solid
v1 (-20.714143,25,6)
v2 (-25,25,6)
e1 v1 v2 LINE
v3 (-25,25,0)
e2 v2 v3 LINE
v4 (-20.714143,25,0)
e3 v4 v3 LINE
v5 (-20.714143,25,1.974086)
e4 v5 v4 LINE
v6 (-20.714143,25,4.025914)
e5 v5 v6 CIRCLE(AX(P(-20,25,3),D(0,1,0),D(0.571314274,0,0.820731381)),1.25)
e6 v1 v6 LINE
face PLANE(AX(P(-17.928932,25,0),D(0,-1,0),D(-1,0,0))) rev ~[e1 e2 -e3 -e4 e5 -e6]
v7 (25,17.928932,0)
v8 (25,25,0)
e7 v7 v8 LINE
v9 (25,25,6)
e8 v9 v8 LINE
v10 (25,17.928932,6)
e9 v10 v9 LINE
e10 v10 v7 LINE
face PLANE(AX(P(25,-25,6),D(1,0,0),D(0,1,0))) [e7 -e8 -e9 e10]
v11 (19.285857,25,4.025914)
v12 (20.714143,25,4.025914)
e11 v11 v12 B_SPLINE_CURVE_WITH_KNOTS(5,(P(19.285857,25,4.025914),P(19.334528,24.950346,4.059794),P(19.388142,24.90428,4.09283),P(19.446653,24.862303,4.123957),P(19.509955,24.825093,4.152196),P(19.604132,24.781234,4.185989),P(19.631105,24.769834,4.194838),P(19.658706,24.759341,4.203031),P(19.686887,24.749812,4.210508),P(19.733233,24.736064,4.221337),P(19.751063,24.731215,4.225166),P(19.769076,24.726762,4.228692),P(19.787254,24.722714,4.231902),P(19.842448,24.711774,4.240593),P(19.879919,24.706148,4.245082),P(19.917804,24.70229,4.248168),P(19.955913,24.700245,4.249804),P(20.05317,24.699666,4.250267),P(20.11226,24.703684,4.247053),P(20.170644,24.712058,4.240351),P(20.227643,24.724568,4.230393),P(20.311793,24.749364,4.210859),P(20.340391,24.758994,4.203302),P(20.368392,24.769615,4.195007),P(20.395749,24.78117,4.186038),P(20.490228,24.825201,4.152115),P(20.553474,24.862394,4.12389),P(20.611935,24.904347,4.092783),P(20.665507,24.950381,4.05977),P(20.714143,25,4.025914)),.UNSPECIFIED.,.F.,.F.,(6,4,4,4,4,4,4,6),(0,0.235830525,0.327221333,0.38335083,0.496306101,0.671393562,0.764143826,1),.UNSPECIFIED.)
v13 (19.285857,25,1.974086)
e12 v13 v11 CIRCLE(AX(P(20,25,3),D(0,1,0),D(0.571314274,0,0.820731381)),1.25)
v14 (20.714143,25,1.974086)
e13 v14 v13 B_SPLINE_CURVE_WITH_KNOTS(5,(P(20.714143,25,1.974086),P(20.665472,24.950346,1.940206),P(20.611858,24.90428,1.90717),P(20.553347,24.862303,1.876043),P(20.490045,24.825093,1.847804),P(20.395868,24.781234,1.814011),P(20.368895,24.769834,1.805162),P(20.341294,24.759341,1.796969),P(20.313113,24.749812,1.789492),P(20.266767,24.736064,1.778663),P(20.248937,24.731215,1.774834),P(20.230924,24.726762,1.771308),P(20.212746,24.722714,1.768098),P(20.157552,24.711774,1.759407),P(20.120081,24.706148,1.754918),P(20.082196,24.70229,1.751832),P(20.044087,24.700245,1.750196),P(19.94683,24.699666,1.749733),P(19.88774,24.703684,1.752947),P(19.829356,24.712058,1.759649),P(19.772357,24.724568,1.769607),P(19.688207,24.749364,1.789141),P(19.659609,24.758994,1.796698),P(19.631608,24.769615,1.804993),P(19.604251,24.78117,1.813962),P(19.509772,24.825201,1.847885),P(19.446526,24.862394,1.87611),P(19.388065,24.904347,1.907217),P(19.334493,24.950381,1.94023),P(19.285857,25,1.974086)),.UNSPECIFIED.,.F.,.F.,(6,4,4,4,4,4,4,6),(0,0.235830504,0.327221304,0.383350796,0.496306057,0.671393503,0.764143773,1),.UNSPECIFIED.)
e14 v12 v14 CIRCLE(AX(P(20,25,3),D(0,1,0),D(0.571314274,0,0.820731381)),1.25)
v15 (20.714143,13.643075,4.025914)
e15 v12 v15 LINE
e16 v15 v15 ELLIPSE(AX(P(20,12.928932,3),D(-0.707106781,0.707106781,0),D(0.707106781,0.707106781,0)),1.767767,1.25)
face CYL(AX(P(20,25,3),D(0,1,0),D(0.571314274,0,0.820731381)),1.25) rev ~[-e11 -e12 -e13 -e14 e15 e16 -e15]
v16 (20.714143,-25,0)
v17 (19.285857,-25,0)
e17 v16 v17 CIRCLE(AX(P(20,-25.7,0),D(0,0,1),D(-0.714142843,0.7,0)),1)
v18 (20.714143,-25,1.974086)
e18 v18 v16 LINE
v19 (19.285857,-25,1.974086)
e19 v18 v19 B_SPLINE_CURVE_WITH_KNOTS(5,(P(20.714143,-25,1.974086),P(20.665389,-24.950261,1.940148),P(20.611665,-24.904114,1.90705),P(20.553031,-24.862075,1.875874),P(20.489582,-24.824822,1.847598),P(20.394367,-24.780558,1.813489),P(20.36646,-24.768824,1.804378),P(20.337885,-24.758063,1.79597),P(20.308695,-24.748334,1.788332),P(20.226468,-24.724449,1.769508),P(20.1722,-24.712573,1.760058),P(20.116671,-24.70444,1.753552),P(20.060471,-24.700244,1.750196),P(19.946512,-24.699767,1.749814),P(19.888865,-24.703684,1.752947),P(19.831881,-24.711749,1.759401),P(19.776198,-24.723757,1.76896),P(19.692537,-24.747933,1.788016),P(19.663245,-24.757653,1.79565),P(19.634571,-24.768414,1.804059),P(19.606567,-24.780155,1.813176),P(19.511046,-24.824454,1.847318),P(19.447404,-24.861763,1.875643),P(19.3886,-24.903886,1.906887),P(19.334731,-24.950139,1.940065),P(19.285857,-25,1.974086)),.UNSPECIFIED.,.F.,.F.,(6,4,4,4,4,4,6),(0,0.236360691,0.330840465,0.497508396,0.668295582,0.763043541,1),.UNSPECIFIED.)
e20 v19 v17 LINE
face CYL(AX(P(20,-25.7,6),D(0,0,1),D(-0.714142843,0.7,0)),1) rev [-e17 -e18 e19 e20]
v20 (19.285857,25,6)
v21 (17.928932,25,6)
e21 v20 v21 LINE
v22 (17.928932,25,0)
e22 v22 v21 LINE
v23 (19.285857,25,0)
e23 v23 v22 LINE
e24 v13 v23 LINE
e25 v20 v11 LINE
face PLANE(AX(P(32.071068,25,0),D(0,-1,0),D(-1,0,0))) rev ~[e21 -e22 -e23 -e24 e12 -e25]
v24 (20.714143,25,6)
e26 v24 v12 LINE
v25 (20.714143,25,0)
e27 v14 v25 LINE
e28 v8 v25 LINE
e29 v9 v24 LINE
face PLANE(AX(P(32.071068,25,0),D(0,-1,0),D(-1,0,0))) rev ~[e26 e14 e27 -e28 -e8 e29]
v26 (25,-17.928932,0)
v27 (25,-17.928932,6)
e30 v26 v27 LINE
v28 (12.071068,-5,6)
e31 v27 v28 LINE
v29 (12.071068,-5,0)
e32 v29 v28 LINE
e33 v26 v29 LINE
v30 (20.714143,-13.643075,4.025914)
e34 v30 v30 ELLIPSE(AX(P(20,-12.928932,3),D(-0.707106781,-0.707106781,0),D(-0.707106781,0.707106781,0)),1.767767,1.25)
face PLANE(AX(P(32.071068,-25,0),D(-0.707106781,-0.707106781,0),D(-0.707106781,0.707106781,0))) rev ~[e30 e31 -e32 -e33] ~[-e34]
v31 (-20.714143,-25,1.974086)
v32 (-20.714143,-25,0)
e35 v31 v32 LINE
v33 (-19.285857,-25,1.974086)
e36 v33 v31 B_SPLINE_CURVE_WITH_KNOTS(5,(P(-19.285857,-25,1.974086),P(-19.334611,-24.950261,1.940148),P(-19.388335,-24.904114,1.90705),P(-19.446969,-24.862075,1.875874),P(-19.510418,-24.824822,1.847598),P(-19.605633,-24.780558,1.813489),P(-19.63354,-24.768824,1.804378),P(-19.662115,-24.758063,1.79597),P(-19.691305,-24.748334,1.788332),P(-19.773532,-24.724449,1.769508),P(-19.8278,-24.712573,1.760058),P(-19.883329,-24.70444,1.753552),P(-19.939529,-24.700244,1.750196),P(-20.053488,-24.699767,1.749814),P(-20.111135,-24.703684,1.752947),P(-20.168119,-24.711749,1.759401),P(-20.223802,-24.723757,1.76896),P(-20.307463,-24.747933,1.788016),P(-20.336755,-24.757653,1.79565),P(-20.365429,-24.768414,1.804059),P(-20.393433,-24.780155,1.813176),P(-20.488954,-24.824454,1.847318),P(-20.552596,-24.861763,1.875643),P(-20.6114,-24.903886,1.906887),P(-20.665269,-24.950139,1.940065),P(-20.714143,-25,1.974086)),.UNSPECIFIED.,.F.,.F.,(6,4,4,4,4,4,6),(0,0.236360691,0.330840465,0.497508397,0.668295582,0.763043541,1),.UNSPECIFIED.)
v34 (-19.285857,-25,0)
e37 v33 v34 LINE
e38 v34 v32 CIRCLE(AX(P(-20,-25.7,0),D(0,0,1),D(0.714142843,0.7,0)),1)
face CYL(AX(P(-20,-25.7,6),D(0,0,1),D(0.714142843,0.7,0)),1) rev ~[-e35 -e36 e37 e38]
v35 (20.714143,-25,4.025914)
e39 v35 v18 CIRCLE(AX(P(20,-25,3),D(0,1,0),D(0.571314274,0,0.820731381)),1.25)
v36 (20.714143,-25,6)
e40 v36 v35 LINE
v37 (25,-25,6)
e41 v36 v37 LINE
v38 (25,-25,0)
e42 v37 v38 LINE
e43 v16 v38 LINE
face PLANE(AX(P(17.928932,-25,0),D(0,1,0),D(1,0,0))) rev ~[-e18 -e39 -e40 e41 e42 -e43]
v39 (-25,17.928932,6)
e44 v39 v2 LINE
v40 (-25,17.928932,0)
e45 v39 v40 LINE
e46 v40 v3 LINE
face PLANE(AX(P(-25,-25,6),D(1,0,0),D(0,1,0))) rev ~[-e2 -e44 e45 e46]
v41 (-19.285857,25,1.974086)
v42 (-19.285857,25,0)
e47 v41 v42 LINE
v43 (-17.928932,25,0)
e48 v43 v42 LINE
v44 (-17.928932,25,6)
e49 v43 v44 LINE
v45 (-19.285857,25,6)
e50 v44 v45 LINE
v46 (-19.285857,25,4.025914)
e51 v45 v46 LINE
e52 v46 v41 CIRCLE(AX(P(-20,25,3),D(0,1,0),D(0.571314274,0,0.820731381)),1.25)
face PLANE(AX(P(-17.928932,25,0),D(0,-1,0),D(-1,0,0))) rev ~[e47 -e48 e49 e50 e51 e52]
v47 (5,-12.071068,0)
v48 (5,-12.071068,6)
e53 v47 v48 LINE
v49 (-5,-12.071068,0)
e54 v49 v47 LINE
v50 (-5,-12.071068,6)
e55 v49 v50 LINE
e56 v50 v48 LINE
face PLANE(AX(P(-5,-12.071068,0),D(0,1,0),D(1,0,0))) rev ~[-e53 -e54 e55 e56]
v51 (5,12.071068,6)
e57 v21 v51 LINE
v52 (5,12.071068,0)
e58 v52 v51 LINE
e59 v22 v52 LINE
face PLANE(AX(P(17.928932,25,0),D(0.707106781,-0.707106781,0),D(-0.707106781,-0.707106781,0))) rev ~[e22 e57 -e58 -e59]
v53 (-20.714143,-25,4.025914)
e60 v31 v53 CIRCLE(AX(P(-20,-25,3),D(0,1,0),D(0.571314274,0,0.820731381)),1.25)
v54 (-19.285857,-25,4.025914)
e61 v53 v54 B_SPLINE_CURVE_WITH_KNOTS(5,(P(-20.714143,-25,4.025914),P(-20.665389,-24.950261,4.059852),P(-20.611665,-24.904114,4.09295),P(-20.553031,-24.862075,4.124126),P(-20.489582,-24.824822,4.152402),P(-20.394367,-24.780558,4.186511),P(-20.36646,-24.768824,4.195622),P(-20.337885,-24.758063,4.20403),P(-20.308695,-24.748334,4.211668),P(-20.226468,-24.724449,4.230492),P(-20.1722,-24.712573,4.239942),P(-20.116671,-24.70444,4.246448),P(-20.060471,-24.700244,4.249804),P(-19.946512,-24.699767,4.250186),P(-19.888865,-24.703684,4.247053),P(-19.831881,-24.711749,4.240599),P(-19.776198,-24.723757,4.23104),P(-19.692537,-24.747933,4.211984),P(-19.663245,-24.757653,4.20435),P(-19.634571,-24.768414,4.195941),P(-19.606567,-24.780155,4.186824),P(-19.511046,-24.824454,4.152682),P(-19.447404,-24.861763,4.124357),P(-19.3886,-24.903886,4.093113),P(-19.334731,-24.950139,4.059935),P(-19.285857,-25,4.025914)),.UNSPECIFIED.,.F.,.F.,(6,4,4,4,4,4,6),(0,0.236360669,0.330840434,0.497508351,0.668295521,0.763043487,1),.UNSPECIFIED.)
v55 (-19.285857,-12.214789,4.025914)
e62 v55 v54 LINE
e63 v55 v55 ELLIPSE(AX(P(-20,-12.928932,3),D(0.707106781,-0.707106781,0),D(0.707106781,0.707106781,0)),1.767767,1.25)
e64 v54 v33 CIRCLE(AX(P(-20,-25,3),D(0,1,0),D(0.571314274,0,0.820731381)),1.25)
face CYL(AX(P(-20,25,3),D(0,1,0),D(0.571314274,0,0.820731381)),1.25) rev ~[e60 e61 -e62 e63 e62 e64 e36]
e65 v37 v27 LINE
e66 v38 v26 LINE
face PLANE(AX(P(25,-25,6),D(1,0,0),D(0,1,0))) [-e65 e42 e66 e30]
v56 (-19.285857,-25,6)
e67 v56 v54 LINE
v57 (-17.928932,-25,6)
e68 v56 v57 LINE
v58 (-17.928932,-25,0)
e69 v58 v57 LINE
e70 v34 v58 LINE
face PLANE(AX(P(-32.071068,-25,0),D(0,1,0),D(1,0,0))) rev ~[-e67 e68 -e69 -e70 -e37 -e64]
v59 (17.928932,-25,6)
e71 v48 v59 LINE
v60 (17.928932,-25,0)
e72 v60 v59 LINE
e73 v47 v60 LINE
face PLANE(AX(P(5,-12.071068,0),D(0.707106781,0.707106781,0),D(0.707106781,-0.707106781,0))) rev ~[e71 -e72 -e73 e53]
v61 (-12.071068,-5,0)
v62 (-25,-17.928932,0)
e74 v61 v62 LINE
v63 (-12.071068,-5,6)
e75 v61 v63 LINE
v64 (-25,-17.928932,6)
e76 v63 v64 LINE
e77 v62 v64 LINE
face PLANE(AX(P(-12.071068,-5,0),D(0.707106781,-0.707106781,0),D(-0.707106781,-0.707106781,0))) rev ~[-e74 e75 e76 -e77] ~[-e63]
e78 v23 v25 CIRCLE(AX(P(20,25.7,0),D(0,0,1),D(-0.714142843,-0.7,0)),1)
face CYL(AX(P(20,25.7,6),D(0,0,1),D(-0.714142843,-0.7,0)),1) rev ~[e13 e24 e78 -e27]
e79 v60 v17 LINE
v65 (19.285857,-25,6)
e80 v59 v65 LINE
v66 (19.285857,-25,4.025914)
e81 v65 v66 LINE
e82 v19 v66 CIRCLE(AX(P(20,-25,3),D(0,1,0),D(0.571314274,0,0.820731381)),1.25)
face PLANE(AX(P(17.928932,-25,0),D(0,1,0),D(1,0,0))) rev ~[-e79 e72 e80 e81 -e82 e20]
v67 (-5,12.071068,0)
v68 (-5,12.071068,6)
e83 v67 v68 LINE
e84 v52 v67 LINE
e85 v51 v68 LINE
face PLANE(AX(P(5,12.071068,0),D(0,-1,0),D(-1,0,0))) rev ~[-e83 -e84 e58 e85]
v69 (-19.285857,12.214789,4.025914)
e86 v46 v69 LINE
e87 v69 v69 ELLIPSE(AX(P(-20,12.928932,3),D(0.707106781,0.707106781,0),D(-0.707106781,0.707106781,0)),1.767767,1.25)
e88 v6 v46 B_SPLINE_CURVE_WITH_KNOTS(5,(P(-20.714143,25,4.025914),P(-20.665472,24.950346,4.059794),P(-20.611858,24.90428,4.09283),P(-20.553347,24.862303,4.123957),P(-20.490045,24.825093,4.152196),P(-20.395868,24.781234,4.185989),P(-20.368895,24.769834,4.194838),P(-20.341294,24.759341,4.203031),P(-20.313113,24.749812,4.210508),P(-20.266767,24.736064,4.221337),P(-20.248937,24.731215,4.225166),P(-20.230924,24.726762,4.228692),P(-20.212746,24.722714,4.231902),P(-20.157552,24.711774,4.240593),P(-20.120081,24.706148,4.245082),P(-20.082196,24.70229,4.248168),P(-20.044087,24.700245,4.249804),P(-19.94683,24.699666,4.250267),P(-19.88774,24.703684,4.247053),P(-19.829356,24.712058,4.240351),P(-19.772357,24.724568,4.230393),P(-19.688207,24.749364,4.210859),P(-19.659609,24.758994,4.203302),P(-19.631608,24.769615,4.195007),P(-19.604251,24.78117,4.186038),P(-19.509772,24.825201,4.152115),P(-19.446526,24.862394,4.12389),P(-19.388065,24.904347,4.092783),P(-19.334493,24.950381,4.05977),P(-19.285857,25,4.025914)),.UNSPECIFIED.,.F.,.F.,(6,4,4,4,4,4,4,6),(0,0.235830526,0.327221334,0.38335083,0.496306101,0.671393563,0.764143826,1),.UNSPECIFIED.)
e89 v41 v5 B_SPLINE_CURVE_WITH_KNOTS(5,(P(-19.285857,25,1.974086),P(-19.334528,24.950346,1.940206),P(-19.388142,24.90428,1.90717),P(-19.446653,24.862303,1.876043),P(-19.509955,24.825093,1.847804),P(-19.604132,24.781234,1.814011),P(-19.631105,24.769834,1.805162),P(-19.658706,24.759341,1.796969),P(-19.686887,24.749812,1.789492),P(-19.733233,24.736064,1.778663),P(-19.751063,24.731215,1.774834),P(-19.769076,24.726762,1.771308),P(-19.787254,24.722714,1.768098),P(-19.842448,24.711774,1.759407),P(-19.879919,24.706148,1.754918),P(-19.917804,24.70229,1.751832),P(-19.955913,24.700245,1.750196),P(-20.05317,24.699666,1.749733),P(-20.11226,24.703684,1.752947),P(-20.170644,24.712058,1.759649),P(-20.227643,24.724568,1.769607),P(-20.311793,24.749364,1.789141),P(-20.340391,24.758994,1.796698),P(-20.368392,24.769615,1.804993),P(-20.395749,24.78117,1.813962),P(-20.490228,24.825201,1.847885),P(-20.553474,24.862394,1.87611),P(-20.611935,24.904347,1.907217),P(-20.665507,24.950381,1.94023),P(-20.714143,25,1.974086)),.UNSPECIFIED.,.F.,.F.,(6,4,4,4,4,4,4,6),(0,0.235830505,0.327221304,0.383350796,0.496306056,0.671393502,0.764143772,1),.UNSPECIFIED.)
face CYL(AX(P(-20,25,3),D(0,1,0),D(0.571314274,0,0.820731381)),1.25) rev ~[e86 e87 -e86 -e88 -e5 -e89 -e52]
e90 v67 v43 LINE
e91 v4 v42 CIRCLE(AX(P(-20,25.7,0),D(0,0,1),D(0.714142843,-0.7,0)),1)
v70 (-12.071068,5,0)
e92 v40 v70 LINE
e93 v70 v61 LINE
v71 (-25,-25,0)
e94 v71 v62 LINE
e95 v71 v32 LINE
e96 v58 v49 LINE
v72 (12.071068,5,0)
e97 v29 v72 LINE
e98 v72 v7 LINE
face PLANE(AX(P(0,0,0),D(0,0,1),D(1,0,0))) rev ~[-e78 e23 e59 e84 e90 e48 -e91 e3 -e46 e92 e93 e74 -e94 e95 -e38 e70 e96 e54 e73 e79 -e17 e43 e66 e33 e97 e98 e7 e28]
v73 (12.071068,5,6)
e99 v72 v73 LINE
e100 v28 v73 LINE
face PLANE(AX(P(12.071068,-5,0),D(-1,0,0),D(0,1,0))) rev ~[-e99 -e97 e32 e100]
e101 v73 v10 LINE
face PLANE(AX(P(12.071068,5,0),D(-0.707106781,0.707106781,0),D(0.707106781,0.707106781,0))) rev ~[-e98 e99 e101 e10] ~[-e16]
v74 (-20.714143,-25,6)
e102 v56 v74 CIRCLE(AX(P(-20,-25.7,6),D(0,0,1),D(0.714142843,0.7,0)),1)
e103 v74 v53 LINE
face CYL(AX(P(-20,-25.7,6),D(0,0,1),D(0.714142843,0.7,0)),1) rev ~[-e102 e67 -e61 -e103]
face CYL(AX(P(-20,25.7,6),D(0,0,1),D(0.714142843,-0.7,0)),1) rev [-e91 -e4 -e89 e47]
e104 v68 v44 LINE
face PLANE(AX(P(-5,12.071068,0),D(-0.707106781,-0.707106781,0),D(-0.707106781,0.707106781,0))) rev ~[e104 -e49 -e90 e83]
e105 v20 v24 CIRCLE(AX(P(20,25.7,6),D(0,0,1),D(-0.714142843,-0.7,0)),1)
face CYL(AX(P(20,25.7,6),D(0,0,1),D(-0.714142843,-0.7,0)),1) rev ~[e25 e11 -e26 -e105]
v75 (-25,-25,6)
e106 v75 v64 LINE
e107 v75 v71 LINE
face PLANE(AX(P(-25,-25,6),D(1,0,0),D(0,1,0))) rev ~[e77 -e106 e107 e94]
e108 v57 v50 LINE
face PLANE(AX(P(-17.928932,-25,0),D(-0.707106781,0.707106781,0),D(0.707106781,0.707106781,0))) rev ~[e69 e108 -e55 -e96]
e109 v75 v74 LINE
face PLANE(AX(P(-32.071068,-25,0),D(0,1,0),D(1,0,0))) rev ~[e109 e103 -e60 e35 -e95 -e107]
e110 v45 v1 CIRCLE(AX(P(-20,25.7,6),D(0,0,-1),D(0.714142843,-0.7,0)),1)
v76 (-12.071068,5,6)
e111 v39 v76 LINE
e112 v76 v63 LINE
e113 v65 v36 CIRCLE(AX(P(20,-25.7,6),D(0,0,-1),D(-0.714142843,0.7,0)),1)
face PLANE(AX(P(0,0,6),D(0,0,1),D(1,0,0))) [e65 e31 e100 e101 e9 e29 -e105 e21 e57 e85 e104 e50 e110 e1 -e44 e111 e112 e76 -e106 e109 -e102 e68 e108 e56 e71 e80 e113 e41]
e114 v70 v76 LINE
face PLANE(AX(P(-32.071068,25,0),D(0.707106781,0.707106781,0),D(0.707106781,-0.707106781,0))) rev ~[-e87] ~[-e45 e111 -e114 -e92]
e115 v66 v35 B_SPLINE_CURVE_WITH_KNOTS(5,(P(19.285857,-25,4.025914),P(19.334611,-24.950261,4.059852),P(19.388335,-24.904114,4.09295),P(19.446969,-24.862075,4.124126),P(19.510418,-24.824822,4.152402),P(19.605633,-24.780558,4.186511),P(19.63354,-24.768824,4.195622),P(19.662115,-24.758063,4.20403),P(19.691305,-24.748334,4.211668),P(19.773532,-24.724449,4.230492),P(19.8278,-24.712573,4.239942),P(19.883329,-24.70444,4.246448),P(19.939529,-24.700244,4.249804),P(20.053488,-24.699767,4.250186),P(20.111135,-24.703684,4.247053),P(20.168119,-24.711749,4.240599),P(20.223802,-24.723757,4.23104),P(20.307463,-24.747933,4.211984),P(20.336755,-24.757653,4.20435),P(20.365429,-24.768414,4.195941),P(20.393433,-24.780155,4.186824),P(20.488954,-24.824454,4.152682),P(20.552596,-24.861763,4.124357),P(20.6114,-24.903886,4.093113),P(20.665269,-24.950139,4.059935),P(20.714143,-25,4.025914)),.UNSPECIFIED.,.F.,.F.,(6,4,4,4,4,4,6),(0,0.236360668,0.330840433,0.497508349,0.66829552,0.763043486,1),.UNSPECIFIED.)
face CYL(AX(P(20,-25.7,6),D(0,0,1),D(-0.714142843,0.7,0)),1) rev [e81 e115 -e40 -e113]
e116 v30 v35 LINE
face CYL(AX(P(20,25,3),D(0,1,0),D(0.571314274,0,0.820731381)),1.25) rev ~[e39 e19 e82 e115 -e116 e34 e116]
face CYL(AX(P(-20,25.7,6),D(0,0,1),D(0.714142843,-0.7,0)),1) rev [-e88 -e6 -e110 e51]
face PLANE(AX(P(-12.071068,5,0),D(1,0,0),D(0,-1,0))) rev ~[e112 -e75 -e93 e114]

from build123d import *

# Parameters (mm, degrees)
EXTRUDE_1_DEPTH        = 6
CUT_EXTRUDE_1_DEPTH    = 42.104177289
FILLET_1_R             = 2
FILLET_1_OF_MIRROR_3_R = 2
SKETCH_3_R             = 1.25
CUT_EXTRUDE_2_DEPTH    = 59.233427122
SKETCH_4_W             = 4.242640687
SKETCH_4_H             = 50
CUT_EXTRUDE_3_DEPTH    = 39.937540248


with BuildPart() as part:
    # ｽｹｯﾁ1 → ﾎﾞｽ - 押し出し1 (new body)
    with BuildSketch(Plane.XY):
        Polygon((-32.071067812, 25), (-12.071067812, 5), (-12.071067812, -5), (-32.071067812, -25), (-17.928932188, -25), (-5, -12.071067812), (5, -12.071067812), (17.928932188, -25), (32.071067812, -25), (12.071067812, -5), (12.071067812, 5), (32.071067812, 25), (17.928932188, 25), (5, 12.071067812), (-5, 12.071067812), (-17.928932188, 25), align=None)
    extrude(amount=EXTRUDE_1_DEPTH)

    # ｽｹｯﾁ2 → ｶｯﾄ - 押し出し1 (cut, through all)
    with BuildSketch(Plane.XY.offset(6)):
        with BuildLine():
            Line((-20.714142843, 25), (-19.285857157, 25))
            ThreePointArc((-19.285857157, 25), (-20, 24.7), (-20.714142843, 25))
        make_face()
        with BuildLine():
            Line((20.714142843, 25), (19.285857157, 25))
            ThreePointArc((19.285857157, 25), (20, 24.7), (20.714142843, 25))
        make_face()
    cut_extrude_1 = extrude(amount=-CUT_EXTRUDE_1_DEPTH, mode=Mode.SUBTRACT)

    # ﾌｨﾚｯﾄ1
    fillet_1_edges = [part.edges().sort_by_distance(p)[0] for p in [
        (32.071067812, 25, 3),
        (-32.071067812, 25, 3),
    ]]
    fillet(fillet_1_edges, radius=FILLET_1_R)

    # ﾐﾗｰ3: ｶｯﾄ - 押し出し1 across plane
    add(cut_extrude_1.mirror(Plane.ZX), mode=Mode.SUBTRACT)

    # ﾌｨﾚｯﾄ1 of ﾐﾗｰ3
    fillet_1_of_mirror_3_edges = [part.edges().sort_by_distance(p)[0] for p in [
        (32.071067812, -25, 3),
        (-32.071067812, -25, 3),
    ]]
    fillet(fillet_1_of_mirror_3_edges, radius=FILLET_1_OF_MIRROR_3_R)

    # ｽｹｯﾁ3 → ｶｯﾄ - 押し出し2 (cut, through all)
    with BuildSketch(Plane(origin=(0, 25, 0), x_dir=(1, 0, 0), z_dir=(0, 1, 0))):
        with Locations(Location((-20, -3, 0), (0, 0, 304.841925036))):
            Circle(SKETCH_3_R)
        with Locations(Location((20, -3, 0), (0, 0, 304.841925036))):
            Circle(SKETCH_3_R)
    extrude(amount=-CUT_EXTRUDE_2_DEPTH, mode=Mode.SUBTRACT)

    # ｽｹｯﾁ4 → ｶｯﾄ - 押し出し3 (cut, through all)
    with BuildSketch(Plane.XY.offset(6)):
        with Locations((-27.121320344, 0)):
            Rectangle(SKETCH_4_W, SKETCH_4_H)
        with Locations((27.121320344, 0)):
            Rectangle(SKETCH_4_W, SKETCH_4_H)
    extrude(amount=-CUT_EXTRUDE_3_DEPTH, mode=Mode.SUBTRACT)


solid = part.part
